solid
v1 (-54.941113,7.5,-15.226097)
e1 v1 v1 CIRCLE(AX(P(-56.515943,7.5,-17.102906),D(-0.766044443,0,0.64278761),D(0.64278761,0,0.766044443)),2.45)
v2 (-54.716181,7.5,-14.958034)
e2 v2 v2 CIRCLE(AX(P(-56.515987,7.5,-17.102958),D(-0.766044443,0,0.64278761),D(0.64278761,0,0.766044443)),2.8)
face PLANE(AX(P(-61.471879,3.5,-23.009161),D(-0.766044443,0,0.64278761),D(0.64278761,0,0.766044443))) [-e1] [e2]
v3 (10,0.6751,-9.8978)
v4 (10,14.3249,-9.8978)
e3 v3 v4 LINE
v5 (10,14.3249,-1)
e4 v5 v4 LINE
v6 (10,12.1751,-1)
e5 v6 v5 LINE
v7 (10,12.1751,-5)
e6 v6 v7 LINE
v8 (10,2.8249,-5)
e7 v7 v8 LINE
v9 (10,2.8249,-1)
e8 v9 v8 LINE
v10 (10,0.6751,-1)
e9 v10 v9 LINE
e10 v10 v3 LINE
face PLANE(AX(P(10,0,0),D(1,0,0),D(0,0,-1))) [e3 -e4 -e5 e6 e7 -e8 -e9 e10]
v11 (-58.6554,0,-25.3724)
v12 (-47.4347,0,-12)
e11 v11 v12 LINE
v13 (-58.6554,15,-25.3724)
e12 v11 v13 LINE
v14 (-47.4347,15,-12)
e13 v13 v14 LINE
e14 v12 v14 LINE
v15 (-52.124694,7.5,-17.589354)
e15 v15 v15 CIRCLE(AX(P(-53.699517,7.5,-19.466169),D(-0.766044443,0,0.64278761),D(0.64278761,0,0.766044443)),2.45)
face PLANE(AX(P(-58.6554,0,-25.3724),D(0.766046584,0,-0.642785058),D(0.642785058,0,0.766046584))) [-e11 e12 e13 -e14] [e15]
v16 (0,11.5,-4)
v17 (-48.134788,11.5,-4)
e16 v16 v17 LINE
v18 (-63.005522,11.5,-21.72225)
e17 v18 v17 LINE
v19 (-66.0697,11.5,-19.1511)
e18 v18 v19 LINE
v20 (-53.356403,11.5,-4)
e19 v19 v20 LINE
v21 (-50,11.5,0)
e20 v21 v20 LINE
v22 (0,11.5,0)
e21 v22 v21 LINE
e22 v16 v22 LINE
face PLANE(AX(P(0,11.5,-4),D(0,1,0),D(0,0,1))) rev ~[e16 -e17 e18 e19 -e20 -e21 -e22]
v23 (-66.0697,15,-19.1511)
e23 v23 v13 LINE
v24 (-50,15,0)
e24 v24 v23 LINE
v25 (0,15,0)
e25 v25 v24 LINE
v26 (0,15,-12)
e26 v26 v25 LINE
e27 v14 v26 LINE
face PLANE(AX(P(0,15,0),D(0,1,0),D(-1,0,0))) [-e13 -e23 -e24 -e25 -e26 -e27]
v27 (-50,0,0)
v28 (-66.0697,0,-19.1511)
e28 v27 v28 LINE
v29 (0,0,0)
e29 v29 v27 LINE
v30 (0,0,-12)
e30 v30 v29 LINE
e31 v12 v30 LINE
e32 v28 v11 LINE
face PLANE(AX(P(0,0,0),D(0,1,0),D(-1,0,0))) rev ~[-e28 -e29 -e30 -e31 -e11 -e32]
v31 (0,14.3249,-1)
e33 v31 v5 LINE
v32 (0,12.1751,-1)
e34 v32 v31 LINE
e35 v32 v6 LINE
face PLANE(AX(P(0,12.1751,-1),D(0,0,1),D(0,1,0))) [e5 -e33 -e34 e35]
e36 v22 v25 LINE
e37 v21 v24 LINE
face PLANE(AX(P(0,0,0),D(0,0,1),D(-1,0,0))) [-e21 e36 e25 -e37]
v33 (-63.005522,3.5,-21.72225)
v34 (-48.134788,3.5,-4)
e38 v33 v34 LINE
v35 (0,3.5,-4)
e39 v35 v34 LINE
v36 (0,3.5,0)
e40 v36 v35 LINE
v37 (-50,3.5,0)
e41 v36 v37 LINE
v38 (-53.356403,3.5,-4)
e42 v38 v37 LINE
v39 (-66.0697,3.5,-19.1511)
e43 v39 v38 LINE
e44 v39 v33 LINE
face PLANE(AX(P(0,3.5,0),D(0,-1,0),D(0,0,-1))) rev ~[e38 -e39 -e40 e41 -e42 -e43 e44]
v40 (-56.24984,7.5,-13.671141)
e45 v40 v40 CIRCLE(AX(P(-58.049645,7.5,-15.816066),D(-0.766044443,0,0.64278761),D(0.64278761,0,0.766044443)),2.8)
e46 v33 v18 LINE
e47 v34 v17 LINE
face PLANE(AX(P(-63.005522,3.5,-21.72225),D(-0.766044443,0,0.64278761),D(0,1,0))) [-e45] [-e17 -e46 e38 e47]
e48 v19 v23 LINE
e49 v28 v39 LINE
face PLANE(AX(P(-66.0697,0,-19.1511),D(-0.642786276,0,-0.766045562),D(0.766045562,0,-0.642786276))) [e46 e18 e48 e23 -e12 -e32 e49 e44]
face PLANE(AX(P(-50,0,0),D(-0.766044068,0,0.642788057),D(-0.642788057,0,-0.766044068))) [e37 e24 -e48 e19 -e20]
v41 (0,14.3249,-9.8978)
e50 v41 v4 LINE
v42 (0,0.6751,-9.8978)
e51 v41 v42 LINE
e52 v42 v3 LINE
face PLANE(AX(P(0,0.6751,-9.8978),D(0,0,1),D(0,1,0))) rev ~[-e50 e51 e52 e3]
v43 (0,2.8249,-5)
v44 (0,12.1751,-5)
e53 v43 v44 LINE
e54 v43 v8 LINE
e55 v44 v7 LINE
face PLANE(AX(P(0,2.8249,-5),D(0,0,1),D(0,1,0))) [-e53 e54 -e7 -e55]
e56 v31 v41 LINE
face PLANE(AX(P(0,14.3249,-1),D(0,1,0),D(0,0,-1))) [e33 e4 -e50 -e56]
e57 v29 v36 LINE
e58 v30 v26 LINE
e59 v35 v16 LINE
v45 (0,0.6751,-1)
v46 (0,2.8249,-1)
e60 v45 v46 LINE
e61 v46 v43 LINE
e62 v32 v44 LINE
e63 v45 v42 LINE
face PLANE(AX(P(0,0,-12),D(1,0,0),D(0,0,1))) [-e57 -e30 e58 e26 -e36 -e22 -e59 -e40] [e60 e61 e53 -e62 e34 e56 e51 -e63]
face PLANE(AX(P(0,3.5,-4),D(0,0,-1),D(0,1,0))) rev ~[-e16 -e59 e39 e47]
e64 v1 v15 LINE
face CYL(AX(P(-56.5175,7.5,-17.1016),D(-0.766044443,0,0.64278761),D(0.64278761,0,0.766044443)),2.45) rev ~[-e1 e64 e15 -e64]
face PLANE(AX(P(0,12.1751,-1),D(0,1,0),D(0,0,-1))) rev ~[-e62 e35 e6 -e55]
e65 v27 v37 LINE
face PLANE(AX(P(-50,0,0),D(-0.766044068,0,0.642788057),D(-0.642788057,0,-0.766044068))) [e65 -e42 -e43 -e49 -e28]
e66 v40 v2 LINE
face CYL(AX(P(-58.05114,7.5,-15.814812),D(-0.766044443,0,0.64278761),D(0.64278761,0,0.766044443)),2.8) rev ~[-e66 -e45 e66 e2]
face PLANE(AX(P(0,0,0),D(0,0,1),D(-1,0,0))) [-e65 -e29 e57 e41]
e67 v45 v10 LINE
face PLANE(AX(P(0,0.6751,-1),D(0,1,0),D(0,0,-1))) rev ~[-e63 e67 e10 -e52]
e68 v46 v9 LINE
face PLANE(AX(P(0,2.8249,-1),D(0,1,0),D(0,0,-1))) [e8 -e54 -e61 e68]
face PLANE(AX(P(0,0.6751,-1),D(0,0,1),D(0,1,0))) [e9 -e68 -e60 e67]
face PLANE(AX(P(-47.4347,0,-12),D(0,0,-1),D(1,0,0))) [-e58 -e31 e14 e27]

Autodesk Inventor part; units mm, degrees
ref_plane "YZ Plane" through (0, 0, 0) normal (1, 0, 0) x (0, 1, 0)
ref_plane "XZ Plane" through (0, 0, 0) normal (0, 1, 0) x (-1, 0, 0)
ref_plane "XY Plane" through (0, 0, 0) normal (0, 0, 1) x (1, 0, 0)
sketch "Náčrt1" plane through (0, 0, 0) normal (0, 1, 0) x (-1, 0, 0)
  line L0 (0, 0) -> (50, 0)
  line L1 (50, 0) -> (66.0697, -19.1511)
  line L2 (50, 0) -> (75, 0) construction
  line L3 (66.0697, -19.1511) -> (58.4092, -25.579)
  line L4 (0, -12) -> (0, 0)
  line L5 (58.6554, -25.3724) -> (47.4347, -12)
  line L6 (47.4347, -12) -> (0, -12)
  dimension "d0" = 50
  dimension "d2" = 25
  dimension "d3" = 50
  dimension "d4" = 10
  dimension "d5" = 12
extrude "Vysunutí1" add sketch "Náčrt1" along normal blind 15
sketch "Náčrt8" plane through (-66.0697, 0, -19.1511) normal (-0.6428, 0, -0.766) x (-0.766, 0, 0.6428)
  line L0 (-9.6786, 0) -> (-9.6786, 15) projected
  line L1 (-9.6786, 7.5) -> (0, 7.5)
  line L2 (0, 0) -> (0, 15) projected
  point P0 (-38.3022, 0)
sketch "Náčrt9" plane through (-50, 0, 0) normal (-0.766, 0, 0.6428) x (0.6428, 0, 0.766)
  line L0 (-25, 0) -> (-25, 15) projected
  line L1 (0, 0) -> (0, 15) projected
sketch "Náčrt10" plane through (-50, 0, 0) normal (0, 0, 1) x (1, 0, 0)
  line L0 (0, 0) -> (0, 15) projected
  line L1 (0, 7.5) -> (50, 7.5)
  line L2 (50, 0) -> (50, 15) projected
sketch "Náčrt11" plane through (0, 0, 0) normal (1, 0, 0) x (0, 0, -1)
  line L0 (0, 0) -> (0, 15) projected
  line L1 (0, 7.5) -> (12, 7.5)
  line L2 (12, 0) -> (12, 15) projected
  line L3 (0, 3.5) -> (4, 3.5)
  line L4 (4, 3.5) -> (4, 11.5)
  line L5 (4, 11.5) -> (0, 11.5)
  line L6 (0, 11.5) -> (0, 3.5)
  point P0 (0, 7.5)
  point P1 (0, 11.5)
  dimension "d64" = 4
  dimension "d65" = 8
extrude "Vysunutí10" cut sketch "Náčrt11" against normal through all
sketch "Náčrt21" plane through (-66.0697, 0, -19.1511) normal (-0.6428, 0, -0.766) x (-0.766, 0, 0.6428)
  line L0 (0, 0) -> (0, 15) projected
  line L1 (0, 3.5) -> (-4, 3.5)
  line L2 (-4, 3.5) -> (-4, 11.5)
  line L3 (-4, 11.5) -> (0, 11.5)
  line L4 (0, 11.5) -> (0, 3.5)
  point P0 (-38.3022, 0)
  point P1 (0, 7.5)
  point P2 (0, 11.5)
  dimension "d68" = 4
  dimension "d69" = 8
extrude "Vysunutí11" cut sketch "Náčrt21" against normal through all
sketch "Náčrt22" plane through (-63.0055, 3.5, -21.7223) normal (-0.766, 0, 0.6428) x (0.6428, 0, 0.766)
  line L0 (0, -3.5) -> (0, 11.5) projected
  line L1 (0, 4) -> (23.1348, 4)
  line L2 (23.1348, 8) -> (23.1348, 0) projected
  circle A0 centre (7.71, 4) radius 2.8
  point P0 (57.1394, -3.5)
  dimension "d72" = 5.6
sketch "Náčrt25" plane through (-58.6554, 0, -25.3724) normal (-0.6428, 0, -0.766) x (-0.766, 0, 0.6428)
  line L0 (5.6786, 3.5) -> (5.6786, 11.5) projected
  line L1 (5.6786, 5.4735) -> (0, 5.4735)
  line L2 (0, 0) -> (0, 15) projected
  point P0 (-28.6236, 0)
  dimension "d73" = 5.6786
extrude "Vysunutí12" cut sketch "Náčrt22" against normal blind 2
sketch "Náčrt27" plane through (-56.5175, 7.5, -17.1016) normal (-0.766, 0, 0.6428) x (0.6428, 0, 0.766)
  circle A0 centre (0, 0) radius 2.8 projected
  line L0 (0, -2.8) -> (0, 2.8)
  line L1 (-2.7895, 0) -> (2.8105, 0)
  circle A1 centre (0, 0) radius 2.45
  point P0 (49.4294, -7.5)
  dimension "d79" = 5.6
  dimension "d80" = 4.9
extrude "Vysunutí14" cut sketch "Náčrt27" against normal through all contours A1 L0 L1 | L1 L0 A1 | L0 L1 A1 | A1 L1 L0
sketch "Náčrt28" plane through (0, 0, 0) normal (1, 0, 0) x (0, 0, -1)
  line L0 (0, 0) -> (0, 3.5) projected
  line L1 (12, 0) -> (12, 15) projected
  line L2 (0, 0) -> (12, 0) projected
  line L3 (0, 15) -> (12, 15) projected
  line L4 (0, 11.5) -> (0, 15) projected
  line L5 (1, 0.6751) -> (10, 0.6751)
  line L6 (4, 11.5) -> (4, 3.5) projected
  line L7 (1, 2.8249) -> (5, 2.8249)
  line L8 (1, 12.1751) -> (5, 12.1751)
  line L9 (1, 14.3249) -> (10, 14.3249)
  line L10 (5, 2.8249) -> (5, 12.1751)
  line L11 (9.8978, 0.6751) -> (9.8978, 14.3249)
  line L12 (1, 0.6751) -> (1, 2.8249)
  line L13 (1, 12.1751) -> (1, 14.3249)
  line L14 (4, 7.5) -> (12, 7.5)
  point P0 (5, 7.5)
  point P1 (9.8978, 7.5)
  point P2 (5.5, 0.6751)
  point P3 (5.5, 14.3249)
  point P4 (1, 13.25)
  point P5 (0, 13.25)
  point P6 (1, 1.75)
  point P7 (0, 1.75)
extrude "Vysunutí15" add sketch "Náčrt28" along normal blind 10
properties part number "LAMPA1"
